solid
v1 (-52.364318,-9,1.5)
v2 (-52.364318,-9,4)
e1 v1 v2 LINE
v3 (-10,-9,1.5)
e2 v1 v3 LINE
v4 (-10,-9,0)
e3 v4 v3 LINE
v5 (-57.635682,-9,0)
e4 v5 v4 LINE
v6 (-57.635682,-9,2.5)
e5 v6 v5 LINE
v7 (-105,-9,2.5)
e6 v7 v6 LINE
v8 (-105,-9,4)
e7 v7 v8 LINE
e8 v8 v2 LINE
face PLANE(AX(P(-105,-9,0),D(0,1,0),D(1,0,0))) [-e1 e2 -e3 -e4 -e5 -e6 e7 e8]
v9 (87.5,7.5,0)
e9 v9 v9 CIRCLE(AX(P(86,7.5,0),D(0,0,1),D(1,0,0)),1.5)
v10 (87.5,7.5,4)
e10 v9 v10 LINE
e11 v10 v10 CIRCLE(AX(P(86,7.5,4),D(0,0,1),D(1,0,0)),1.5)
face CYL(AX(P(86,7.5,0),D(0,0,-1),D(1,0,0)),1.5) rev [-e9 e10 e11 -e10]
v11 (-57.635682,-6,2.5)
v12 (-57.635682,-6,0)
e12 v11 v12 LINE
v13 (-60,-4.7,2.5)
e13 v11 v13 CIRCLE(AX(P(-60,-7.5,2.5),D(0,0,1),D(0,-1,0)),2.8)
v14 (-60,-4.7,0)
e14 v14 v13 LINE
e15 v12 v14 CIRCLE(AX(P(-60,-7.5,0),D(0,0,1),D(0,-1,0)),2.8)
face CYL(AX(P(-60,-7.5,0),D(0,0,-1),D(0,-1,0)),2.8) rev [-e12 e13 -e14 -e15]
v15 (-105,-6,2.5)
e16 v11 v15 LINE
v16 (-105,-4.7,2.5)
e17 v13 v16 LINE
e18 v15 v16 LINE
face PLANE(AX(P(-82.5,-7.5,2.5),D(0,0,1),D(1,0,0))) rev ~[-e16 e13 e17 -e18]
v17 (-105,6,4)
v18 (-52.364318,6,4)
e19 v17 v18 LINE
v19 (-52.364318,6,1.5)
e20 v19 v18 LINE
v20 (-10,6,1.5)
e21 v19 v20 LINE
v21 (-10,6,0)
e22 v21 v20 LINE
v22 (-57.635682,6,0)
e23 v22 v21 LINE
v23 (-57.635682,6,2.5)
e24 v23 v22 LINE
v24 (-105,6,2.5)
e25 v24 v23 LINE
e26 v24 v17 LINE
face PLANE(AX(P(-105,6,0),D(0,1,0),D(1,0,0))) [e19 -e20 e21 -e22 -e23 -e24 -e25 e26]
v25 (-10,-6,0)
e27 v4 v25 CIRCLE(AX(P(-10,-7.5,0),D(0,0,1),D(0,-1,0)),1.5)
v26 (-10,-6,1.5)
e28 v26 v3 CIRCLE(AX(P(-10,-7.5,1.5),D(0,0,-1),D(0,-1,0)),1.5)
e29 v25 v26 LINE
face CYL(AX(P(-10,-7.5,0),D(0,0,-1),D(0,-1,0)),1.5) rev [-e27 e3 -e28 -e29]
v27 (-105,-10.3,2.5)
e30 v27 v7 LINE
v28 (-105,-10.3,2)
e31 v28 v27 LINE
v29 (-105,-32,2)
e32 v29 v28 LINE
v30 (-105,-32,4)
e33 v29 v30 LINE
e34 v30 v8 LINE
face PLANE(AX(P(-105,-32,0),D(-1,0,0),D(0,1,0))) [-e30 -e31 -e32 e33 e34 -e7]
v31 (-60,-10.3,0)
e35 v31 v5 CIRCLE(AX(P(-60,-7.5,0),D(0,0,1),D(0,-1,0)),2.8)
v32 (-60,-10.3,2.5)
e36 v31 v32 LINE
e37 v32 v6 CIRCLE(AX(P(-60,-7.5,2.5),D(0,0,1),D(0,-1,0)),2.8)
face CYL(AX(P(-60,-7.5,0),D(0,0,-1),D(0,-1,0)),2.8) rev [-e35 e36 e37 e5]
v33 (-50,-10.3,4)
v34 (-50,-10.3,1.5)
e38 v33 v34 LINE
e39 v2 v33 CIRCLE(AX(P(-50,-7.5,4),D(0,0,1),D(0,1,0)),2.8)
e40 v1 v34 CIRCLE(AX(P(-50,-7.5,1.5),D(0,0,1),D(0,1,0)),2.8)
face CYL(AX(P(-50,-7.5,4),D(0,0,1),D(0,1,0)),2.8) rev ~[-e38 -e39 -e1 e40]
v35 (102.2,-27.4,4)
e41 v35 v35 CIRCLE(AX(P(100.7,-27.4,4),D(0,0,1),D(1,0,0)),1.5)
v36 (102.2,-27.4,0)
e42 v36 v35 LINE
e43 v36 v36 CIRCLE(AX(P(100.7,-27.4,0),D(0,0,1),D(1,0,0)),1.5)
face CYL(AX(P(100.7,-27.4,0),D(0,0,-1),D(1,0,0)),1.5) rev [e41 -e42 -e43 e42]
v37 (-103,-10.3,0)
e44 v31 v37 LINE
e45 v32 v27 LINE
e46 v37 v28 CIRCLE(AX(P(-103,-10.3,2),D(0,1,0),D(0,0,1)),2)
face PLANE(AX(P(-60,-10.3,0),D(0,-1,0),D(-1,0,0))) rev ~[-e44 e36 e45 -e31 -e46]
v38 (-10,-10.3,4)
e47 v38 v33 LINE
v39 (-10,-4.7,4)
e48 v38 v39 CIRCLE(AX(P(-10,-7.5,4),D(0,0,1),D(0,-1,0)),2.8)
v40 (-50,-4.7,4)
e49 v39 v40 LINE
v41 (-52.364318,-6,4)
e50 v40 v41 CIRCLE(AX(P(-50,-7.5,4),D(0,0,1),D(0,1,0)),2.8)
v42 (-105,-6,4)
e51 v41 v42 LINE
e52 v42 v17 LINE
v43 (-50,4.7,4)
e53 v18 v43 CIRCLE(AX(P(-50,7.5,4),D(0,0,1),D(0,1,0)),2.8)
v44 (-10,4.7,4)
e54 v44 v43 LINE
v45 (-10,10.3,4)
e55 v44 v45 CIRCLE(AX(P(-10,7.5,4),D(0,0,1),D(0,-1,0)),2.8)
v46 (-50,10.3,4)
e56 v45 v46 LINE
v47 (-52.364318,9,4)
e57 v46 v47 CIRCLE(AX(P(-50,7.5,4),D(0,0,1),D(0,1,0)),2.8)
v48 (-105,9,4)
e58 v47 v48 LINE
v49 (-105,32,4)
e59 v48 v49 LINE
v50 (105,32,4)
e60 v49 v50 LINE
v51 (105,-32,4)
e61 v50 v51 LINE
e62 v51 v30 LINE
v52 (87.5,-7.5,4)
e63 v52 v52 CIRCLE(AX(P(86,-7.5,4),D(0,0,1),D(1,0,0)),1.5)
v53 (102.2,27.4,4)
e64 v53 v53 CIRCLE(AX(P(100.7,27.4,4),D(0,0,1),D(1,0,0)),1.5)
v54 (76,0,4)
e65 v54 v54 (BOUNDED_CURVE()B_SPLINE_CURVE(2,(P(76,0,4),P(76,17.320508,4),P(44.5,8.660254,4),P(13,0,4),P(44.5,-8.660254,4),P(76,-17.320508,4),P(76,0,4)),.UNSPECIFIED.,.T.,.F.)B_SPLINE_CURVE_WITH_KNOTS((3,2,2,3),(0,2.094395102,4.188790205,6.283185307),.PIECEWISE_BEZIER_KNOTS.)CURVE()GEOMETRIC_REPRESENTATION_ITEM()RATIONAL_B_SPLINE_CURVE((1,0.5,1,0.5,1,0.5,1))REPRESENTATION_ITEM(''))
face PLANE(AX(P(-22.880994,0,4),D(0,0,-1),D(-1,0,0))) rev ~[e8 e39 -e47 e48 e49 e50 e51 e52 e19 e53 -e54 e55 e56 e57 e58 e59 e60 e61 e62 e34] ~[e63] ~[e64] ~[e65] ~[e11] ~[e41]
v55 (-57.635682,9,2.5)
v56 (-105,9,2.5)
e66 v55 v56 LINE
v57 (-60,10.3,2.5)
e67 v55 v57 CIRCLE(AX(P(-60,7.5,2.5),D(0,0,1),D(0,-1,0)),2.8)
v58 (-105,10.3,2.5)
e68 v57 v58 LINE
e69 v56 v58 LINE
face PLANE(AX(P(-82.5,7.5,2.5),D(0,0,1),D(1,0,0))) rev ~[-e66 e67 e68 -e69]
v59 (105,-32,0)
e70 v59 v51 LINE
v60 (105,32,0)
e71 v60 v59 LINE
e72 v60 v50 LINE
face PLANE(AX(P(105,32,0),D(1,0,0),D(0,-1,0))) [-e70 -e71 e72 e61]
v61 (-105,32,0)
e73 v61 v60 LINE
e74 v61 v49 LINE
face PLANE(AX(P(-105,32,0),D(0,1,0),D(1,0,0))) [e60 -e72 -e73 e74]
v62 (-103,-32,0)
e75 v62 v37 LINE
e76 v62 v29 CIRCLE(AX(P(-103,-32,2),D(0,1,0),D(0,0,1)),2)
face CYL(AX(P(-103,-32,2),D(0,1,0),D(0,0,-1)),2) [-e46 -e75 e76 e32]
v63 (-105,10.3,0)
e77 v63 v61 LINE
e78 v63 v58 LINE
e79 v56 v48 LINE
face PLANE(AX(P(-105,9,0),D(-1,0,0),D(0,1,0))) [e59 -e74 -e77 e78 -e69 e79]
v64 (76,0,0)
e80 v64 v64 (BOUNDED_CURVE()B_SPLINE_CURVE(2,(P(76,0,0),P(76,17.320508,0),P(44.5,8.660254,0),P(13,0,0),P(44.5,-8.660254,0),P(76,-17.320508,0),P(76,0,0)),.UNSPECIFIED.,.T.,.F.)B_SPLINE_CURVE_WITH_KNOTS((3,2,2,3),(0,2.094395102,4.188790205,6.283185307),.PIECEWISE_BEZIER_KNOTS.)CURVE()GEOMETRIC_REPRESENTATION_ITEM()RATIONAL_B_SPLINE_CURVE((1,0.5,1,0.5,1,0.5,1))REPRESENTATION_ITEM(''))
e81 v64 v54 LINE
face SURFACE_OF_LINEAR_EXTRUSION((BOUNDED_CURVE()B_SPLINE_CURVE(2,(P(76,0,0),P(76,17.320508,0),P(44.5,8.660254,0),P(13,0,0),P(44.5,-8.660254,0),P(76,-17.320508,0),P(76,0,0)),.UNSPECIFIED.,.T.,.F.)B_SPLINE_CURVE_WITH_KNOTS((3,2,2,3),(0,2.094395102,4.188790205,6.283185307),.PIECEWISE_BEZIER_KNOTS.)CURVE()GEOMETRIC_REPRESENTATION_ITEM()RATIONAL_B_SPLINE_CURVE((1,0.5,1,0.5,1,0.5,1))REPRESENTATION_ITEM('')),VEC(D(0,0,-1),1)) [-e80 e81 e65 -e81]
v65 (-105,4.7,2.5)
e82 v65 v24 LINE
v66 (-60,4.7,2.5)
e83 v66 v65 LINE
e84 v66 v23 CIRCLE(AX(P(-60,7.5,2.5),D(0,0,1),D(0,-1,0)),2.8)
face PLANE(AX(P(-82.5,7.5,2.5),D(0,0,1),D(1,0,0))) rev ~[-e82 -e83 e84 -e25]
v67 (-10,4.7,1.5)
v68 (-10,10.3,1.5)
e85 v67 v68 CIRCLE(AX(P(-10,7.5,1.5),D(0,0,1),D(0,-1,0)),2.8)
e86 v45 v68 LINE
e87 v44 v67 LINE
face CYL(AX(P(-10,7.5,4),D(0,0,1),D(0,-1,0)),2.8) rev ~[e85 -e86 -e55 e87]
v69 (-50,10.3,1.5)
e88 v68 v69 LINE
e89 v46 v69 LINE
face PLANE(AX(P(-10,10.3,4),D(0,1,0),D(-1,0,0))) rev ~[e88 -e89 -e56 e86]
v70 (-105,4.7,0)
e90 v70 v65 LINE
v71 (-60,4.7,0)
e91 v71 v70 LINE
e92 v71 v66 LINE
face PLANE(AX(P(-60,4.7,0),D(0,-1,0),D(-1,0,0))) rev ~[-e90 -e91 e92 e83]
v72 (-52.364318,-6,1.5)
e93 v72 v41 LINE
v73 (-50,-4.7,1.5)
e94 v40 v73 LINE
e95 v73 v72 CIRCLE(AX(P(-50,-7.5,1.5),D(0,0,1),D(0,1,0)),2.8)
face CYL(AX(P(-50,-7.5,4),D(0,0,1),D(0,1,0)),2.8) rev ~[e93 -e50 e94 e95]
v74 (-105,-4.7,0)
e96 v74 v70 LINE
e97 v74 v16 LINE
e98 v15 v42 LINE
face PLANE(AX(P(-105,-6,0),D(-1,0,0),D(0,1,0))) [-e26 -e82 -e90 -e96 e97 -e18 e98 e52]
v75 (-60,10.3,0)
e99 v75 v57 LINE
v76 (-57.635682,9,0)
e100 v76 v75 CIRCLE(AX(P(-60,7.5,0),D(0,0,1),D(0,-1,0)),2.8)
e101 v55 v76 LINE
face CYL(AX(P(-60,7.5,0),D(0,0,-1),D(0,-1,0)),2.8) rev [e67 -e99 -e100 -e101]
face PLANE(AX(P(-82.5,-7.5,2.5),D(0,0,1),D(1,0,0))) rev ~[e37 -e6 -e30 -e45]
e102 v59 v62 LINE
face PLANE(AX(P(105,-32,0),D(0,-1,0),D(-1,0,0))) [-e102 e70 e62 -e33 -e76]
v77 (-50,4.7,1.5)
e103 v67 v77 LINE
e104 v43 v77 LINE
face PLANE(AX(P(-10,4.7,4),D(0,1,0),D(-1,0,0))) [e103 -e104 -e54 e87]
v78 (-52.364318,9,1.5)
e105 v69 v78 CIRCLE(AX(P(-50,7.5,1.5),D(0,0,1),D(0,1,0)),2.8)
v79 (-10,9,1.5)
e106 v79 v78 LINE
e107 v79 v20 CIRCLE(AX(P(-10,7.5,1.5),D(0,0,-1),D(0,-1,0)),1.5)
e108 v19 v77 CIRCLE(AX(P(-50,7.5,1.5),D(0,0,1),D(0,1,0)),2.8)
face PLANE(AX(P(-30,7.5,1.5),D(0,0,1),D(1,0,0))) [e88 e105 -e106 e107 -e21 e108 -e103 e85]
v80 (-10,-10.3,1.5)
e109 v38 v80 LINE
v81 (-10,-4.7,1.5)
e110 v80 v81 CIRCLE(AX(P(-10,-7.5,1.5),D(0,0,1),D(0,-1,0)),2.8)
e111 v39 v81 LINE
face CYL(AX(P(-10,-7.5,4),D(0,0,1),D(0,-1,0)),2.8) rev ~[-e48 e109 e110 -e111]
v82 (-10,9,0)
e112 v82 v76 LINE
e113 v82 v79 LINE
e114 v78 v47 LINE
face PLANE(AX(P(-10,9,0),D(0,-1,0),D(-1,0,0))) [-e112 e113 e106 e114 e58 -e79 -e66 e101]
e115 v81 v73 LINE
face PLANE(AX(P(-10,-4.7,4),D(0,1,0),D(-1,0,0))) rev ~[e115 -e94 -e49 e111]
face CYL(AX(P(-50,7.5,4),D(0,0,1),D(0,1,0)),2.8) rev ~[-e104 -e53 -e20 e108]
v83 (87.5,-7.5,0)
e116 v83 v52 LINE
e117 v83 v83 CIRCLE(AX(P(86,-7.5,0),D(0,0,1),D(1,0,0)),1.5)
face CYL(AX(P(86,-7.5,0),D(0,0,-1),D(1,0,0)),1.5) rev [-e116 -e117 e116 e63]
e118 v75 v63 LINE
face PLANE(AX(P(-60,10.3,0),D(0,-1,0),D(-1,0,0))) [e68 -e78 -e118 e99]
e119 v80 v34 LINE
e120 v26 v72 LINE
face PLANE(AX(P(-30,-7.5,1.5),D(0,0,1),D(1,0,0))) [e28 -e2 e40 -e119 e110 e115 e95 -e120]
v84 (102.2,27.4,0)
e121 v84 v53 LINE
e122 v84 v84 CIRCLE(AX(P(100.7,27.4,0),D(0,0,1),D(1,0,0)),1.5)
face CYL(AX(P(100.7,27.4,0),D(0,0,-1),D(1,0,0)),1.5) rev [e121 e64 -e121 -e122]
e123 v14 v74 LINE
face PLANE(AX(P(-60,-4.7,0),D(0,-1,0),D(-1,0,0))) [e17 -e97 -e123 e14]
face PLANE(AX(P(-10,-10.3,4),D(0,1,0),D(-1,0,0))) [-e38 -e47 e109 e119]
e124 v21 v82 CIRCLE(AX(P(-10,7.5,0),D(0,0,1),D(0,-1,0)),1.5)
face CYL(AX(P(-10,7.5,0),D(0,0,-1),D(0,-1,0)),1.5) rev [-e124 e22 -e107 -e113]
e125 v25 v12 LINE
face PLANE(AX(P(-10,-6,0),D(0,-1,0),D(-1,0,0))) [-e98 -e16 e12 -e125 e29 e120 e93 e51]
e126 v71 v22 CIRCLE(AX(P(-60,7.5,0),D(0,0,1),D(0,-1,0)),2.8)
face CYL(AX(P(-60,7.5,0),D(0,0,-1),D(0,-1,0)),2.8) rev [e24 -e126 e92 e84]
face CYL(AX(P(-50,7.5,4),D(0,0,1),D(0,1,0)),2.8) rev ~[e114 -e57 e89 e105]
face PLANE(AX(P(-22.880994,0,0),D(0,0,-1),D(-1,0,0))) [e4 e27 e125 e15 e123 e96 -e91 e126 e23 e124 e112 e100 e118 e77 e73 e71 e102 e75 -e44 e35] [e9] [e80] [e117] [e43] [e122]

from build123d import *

# Parameters (mm, degrees)
SKETCH049_R     = 1.5
PAD014_DEPTH    = 4
POCKET031_DEPTH = 2.5
FILLET001_R     = 2
POCKET038_DEPTH = 2.5


with BuildPart() as part:
    # Sketch049 → Pad014 (new body)
    with BuildSketch(Plane.XY):
        with BuildLine():
            Line((-105, 9), (-105, 32))
            Line((-105, 32), (105, 32))
            Line((105, 32), (105, -32))
            Line((105, -32), (-105, -32))
            Line((-105, -32), (-105, -9))
            Line((-105, -9), (-10, -9))
            ThreePointArc((-10, -9), (-8.5, -7.5), (-10, -6))
            Line((-10, -6), (-105, -6))
            Line((-105, -6), (-105, 6))
            Line((-105, 6), (-10, 6))
            ThreePointArc((-10, 6), (-8.5, 7.5), (-10, 9))
            Line((-10, 9), (-105, 9))
        make_face()
        with Locations((100.7, 27.4)):
            Circle(SKETCH049_R, mode=Mode.SUBTRACT)
        with Locations((86, 7.5)):
            Circle(SKETCH049_R, mode=Mode.SUBTRACT)
        with Locations((86, -7.5)):
            Circle(SKETCH049_R, mode=Mode.SUBTRACT)
        with Locations((100.7, -27.4)):
            Circle(SKETCH049_R, mode=Mode.SUBTRACT)
        with BuildLine():
            add(Edge.make_bspline(
                [(76, 0), (76, 17.3205080757), (44.5, 8.6602540378), (13, 0), (44.5, -8.6602540378), (76, -17.3205080757), (76, 0)],
                knots=[0, 0, 0, 2.0943951024, 2.0943951024, 4.1887902048, 4.1887902048, 6.2831853072, 6.2831853072, 6.2831853072], degree=2, weights=[1, 0.5, 1, 0.5, 1, 0.5, 1]))
        make_face(mode=Mode.SUBTRACT)
    extrude(amount=PAD014_DEPTH)

    # Sketch050 → Pocket031 (cut)
    with BuildSketch(Plane.XY):
        with BuildLine():
            ThreePointArc((-60, 4.7), (-57.2, 7.5), (-60, 10.3))
            Line((-60, 10.3), (-105, 10.3))
            ThreePointArc((-105, 10.3), (-107.8, 7.5), (-105, 4.7))
            Line((-60, 4.7), (-105, 4.7))
        make_face()
        with BuildLine():
            ThreePointArc((-60, -10.3), (-57.2, -7.5), (-60, -4.7))
            Line((-60, -4.7), (-105, -4.7))
            ThreePointArc((-105, -4.7), (-107.8, -7.5), (-105, -10.3))
            Line((-60, -10.3), (-105, -10.3))
        make_face()
    extrude(amount=POCKET031_DEPTH, mode=Mode.SUBTRACT)

    # Fillet001
    fillet001_edges = [part.edges().sort_by_distance(p)[0] for p in [
        (-105, -21.15, 0),
    ]]
    fillet(fillet001_edges, radius=FILLET001_R)

    # Sketch060 → Pocket038 (cut)
    with BuildSketch(Plane.XY.offset(4)):
        with BuildLine():
            ThreePointArc((-10, 4.7), (-7.2, 7.5), (-10, 10.3))
            Line((-10, 10.3), (-50, 10.3))
            ThreePointArc((-50, 10.3), (-52.8, 7.5), (-50, 4.7))
            Line((-10, 4.7), (-50, 4.7))
        make_face()
        with BuildLine():
            ThreePointArc((-10, -10.3), (-7.2, -7.5), (-10, -4.7))
            Line((-10, -4.7), (-50, -4.7))
            ThreePointArc((-50, -4.7), (-52.8, -7.5), (-50, -10.3))
            Line((-10, -10.3), (-50, -10.3))
        make_face()
    extrude(amount=-POCKET038_DEPTH, mode=Mode.SUBTRACT)


solid = part.part
